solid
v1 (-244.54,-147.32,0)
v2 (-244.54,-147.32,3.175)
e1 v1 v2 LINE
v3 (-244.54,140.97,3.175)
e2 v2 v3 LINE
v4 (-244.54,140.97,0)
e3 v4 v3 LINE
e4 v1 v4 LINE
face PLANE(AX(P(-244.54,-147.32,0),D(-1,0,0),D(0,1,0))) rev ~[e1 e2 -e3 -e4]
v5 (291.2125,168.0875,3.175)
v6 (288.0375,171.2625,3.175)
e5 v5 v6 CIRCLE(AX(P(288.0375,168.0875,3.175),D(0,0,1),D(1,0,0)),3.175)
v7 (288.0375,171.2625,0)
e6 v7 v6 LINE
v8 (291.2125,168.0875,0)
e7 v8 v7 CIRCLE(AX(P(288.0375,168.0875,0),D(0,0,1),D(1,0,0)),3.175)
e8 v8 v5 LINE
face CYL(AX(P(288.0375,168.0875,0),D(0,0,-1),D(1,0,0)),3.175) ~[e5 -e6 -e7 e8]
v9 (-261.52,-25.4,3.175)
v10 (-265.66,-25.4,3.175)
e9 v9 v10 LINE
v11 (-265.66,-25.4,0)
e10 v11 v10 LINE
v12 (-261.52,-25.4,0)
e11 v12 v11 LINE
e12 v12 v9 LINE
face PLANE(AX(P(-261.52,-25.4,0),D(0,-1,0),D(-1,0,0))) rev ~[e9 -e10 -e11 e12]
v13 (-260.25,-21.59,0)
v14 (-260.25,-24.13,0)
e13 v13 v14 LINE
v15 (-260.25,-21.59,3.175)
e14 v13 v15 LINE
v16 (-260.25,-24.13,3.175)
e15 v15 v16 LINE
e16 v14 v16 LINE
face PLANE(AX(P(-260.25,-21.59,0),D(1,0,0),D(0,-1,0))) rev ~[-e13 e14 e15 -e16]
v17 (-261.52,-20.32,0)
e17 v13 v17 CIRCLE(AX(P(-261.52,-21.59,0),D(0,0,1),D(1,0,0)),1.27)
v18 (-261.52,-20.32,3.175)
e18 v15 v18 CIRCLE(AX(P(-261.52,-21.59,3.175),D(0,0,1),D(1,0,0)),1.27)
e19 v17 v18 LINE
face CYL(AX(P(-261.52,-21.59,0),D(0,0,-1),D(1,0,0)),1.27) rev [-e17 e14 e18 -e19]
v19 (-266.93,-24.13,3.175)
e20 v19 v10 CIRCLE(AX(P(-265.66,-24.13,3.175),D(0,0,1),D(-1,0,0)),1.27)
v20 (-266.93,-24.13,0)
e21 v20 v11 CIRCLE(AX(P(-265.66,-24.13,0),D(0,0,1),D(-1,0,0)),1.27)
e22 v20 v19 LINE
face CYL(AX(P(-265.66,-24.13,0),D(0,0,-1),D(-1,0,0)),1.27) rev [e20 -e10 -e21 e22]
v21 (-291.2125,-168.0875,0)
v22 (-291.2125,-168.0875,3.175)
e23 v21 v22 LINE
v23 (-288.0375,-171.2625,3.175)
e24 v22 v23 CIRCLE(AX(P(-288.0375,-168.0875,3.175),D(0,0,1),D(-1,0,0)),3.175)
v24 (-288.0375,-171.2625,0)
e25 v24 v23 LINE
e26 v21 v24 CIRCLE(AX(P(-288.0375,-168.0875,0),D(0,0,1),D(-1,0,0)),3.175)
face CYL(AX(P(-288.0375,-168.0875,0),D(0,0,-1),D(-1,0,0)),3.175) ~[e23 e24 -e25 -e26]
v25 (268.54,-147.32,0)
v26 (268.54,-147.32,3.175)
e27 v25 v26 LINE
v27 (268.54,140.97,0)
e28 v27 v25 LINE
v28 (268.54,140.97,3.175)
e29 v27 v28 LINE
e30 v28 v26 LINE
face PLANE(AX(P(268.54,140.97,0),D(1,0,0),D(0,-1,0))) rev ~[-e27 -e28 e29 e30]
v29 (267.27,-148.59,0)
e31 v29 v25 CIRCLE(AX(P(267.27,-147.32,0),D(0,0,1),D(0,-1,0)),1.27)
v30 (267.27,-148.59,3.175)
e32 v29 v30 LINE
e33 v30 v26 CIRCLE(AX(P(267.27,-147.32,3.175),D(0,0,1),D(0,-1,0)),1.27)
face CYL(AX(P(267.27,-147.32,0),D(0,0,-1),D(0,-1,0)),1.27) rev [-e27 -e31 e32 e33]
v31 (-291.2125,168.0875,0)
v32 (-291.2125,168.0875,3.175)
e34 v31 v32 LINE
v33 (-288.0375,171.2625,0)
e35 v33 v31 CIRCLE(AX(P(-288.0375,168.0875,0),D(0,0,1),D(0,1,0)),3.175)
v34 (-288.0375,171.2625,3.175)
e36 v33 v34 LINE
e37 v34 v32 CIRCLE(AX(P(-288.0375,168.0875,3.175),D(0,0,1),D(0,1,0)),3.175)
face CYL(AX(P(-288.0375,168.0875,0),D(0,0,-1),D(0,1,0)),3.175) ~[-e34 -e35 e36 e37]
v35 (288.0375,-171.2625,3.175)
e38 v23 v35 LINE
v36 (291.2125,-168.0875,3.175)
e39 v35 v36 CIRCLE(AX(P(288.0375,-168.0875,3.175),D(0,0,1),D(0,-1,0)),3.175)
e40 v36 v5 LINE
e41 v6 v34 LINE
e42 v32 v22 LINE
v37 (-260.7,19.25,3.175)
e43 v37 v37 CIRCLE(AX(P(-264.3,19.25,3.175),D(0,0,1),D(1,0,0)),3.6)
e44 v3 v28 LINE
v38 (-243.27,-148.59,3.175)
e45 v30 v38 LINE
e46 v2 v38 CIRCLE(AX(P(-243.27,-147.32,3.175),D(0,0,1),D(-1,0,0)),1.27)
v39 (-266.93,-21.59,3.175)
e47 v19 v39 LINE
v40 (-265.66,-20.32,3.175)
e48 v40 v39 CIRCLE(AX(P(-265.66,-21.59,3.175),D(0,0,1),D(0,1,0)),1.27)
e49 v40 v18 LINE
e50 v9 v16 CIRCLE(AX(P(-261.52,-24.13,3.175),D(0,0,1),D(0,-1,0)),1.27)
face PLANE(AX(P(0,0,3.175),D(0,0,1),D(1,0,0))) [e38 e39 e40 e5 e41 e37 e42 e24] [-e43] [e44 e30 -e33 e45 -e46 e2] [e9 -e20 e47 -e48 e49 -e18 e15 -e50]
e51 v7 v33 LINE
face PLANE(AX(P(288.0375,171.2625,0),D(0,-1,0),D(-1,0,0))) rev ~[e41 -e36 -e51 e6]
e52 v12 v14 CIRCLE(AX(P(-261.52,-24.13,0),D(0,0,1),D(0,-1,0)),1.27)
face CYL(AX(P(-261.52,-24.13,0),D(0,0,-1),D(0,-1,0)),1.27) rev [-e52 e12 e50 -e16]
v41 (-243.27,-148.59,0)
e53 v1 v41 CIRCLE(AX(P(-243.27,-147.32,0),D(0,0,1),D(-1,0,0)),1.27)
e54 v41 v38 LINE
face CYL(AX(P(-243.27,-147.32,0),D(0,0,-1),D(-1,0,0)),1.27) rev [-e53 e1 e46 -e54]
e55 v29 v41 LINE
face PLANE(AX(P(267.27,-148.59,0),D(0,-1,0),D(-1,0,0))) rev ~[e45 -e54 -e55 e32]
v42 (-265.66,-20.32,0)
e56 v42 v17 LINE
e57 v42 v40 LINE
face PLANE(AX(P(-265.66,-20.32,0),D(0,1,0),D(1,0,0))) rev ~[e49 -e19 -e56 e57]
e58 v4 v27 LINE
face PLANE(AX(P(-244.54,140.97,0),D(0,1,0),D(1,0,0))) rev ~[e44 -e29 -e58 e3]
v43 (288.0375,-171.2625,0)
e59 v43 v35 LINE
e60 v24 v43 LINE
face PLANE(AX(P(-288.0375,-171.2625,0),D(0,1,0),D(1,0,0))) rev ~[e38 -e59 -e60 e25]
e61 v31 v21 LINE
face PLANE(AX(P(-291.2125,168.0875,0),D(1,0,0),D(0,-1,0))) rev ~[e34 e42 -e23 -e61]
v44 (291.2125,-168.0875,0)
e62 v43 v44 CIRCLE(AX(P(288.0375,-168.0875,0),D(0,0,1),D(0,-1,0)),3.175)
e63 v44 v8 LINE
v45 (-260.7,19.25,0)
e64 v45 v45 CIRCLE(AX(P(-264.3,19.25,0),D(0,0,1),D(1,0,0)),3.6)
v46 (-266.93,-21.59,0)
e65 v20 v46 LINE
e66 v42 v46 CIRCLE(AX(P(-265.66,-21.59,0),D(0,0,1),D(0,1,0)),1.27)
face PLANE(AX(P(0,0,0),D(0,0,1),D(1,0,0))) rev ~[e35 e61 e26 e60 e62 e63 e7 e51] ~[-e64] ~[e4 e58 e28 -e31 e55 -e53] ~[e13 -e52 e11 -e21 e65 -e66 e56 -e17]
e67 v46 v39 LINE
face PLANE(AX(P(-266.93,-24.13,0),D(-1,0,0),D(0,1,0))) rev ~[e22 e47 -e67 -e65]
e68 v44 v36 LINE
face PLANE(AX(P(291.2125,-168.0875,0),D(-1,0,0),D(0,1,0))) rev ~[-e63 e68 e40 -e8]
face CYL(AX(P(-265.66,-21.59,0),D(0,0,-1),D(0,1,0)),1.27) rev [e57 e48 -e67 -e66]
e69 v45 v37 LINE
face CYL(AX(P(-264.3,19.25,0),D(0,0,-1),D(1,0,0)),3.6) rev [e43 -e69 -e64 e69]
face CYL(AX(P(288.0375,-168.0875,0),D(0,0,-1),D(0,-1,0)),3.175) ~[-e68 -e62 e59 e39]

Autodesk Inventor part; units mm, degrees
ref_plane "YZ Plane" through (0, 0, 0) normal (1, 0, 0) x (0, 1, 0)
ref_plane "XZ Plane" through (0, 0, 0) normal (0, 1, 0) x (-1, 0, 0)
ref_plane "XY Plane" through (0, 0, 0) normal (0, 0, 1) x (1, 0, 0)
ref_plane "Work Plane1" through (0, 0, 0) normal (0, 0, 1) x (1, 0, 0)
sketch "Sketch1" plane through (0, 0, 0) normal (0, 0, 1) x (1, 0, 0)
  arc A0 (-261.52, -25.4) -> (-260.25, -24.13) centre (-261.52, -24.13) ccw projected
  line L0 (-261.52, -25.4) -> (-265.66, -25.4) projected
  arc A1 (-266.93, -24.13) -> (-265.66, -25.4) centre (-265.66, -24.13) ccw projected
  line L1 (-266.93, -24.13) -> (-266.93, -21.59) projected
  arc A2 (-265.66, -20.32) -> (-266.93, -21.59) centre (-265.66, -21.59) ccw projected
  line L2 (-265.66, -20.32) -> (-261.52, -20.32) projected
  arc A3 (-260.25, -21.59) -> (-261.52, -20.32) centre (-261.52, -21.59) ccw projected
  line L3 (-260.25, -21.59) -> (-260.25, -24.13) projected
  circle A4 centre (-264.3, 19.25) radius 3.6 projected
  arc A5 (291.2125, 168.0875) -> (288.0375, 171.2625) centre (288.0375, 168.0875) ccw projected
  line L4 (288.0375, 171.2625) -> (-288.0375, 171.2625) projected
  arc A6 (-288.0375, 171.2625) -> (-291.2125, 168.0875) centre (-288.0375, 168.0875) ccw projected
  line L5 (-291.2125, 168.0875) -> (-291.2125, -168.0875) projected
  arc A7 (-291.2125, -168.0875) -> (-288.0375, -171.2625) centre (-288.0375, -168.0875) ccw projected
  line L6 (-288.0375, -171.2625) -> (288.0375, -171.2625) projected
  arc A8 (288.0375, -171.2625) -> (291.2125, -168.0875) centre (288.0375, -168.0875) ccw projected
  line L7 (291.2125, -168.0875) -> (291.2125, 168.0875) projected
  point P0 (0, 0)
extrude "Extrusion1" add sketch "Sketch1" along normal blind 3.175
sketch "Sketch2" plane through (0, 0, 0) normal (0, 0, 1) x (1, 0, 0)
  arc A0 (267.27, -148.59) -> (268.54, -147.32) centre (267.27, -147.32) ccw projected
  line L0 (268.54, 140.97) -> (268.54, -147.32) projected
  line L1 (-244.54, 140.97) -> (268.54, 140.97) projected
  line L2 (-244.54, -147.32) -> (-244.54, 140.97) projected
  arc A1 (-244.54, -147.32) -> (-243.27, -148.59) centre (-243.27, -147.32) ccw projected
  line L3 (267.27, -148.59) -> (-243.27, -148.59) projected
  arc A2 (267.27, -148.59) -> (268.54, -147.32) centre (267.27, -147.32) ccw projected
  line L4 (268.54, 140.97) -> (268.54, -147.32) projected
  line L5 (-244.54, 140.97) -> (268.54, 140.97) projected
  line L6 (-244.54, -147.32) -> (-244.54, 140.97) projected
  arc A3 (-244.54, -147.32) -> (-243.27, -148.59) centre (-243.27, -147.32) ccw projected
  line L7 (267.27, -148.59) -> (-243.27, -148.59) projected
  point P0 (0, 0)
extrude "Extrusion2" cut sketch "Sketch2" along normal blind 3.175
properties material "Wood (Birch)"
